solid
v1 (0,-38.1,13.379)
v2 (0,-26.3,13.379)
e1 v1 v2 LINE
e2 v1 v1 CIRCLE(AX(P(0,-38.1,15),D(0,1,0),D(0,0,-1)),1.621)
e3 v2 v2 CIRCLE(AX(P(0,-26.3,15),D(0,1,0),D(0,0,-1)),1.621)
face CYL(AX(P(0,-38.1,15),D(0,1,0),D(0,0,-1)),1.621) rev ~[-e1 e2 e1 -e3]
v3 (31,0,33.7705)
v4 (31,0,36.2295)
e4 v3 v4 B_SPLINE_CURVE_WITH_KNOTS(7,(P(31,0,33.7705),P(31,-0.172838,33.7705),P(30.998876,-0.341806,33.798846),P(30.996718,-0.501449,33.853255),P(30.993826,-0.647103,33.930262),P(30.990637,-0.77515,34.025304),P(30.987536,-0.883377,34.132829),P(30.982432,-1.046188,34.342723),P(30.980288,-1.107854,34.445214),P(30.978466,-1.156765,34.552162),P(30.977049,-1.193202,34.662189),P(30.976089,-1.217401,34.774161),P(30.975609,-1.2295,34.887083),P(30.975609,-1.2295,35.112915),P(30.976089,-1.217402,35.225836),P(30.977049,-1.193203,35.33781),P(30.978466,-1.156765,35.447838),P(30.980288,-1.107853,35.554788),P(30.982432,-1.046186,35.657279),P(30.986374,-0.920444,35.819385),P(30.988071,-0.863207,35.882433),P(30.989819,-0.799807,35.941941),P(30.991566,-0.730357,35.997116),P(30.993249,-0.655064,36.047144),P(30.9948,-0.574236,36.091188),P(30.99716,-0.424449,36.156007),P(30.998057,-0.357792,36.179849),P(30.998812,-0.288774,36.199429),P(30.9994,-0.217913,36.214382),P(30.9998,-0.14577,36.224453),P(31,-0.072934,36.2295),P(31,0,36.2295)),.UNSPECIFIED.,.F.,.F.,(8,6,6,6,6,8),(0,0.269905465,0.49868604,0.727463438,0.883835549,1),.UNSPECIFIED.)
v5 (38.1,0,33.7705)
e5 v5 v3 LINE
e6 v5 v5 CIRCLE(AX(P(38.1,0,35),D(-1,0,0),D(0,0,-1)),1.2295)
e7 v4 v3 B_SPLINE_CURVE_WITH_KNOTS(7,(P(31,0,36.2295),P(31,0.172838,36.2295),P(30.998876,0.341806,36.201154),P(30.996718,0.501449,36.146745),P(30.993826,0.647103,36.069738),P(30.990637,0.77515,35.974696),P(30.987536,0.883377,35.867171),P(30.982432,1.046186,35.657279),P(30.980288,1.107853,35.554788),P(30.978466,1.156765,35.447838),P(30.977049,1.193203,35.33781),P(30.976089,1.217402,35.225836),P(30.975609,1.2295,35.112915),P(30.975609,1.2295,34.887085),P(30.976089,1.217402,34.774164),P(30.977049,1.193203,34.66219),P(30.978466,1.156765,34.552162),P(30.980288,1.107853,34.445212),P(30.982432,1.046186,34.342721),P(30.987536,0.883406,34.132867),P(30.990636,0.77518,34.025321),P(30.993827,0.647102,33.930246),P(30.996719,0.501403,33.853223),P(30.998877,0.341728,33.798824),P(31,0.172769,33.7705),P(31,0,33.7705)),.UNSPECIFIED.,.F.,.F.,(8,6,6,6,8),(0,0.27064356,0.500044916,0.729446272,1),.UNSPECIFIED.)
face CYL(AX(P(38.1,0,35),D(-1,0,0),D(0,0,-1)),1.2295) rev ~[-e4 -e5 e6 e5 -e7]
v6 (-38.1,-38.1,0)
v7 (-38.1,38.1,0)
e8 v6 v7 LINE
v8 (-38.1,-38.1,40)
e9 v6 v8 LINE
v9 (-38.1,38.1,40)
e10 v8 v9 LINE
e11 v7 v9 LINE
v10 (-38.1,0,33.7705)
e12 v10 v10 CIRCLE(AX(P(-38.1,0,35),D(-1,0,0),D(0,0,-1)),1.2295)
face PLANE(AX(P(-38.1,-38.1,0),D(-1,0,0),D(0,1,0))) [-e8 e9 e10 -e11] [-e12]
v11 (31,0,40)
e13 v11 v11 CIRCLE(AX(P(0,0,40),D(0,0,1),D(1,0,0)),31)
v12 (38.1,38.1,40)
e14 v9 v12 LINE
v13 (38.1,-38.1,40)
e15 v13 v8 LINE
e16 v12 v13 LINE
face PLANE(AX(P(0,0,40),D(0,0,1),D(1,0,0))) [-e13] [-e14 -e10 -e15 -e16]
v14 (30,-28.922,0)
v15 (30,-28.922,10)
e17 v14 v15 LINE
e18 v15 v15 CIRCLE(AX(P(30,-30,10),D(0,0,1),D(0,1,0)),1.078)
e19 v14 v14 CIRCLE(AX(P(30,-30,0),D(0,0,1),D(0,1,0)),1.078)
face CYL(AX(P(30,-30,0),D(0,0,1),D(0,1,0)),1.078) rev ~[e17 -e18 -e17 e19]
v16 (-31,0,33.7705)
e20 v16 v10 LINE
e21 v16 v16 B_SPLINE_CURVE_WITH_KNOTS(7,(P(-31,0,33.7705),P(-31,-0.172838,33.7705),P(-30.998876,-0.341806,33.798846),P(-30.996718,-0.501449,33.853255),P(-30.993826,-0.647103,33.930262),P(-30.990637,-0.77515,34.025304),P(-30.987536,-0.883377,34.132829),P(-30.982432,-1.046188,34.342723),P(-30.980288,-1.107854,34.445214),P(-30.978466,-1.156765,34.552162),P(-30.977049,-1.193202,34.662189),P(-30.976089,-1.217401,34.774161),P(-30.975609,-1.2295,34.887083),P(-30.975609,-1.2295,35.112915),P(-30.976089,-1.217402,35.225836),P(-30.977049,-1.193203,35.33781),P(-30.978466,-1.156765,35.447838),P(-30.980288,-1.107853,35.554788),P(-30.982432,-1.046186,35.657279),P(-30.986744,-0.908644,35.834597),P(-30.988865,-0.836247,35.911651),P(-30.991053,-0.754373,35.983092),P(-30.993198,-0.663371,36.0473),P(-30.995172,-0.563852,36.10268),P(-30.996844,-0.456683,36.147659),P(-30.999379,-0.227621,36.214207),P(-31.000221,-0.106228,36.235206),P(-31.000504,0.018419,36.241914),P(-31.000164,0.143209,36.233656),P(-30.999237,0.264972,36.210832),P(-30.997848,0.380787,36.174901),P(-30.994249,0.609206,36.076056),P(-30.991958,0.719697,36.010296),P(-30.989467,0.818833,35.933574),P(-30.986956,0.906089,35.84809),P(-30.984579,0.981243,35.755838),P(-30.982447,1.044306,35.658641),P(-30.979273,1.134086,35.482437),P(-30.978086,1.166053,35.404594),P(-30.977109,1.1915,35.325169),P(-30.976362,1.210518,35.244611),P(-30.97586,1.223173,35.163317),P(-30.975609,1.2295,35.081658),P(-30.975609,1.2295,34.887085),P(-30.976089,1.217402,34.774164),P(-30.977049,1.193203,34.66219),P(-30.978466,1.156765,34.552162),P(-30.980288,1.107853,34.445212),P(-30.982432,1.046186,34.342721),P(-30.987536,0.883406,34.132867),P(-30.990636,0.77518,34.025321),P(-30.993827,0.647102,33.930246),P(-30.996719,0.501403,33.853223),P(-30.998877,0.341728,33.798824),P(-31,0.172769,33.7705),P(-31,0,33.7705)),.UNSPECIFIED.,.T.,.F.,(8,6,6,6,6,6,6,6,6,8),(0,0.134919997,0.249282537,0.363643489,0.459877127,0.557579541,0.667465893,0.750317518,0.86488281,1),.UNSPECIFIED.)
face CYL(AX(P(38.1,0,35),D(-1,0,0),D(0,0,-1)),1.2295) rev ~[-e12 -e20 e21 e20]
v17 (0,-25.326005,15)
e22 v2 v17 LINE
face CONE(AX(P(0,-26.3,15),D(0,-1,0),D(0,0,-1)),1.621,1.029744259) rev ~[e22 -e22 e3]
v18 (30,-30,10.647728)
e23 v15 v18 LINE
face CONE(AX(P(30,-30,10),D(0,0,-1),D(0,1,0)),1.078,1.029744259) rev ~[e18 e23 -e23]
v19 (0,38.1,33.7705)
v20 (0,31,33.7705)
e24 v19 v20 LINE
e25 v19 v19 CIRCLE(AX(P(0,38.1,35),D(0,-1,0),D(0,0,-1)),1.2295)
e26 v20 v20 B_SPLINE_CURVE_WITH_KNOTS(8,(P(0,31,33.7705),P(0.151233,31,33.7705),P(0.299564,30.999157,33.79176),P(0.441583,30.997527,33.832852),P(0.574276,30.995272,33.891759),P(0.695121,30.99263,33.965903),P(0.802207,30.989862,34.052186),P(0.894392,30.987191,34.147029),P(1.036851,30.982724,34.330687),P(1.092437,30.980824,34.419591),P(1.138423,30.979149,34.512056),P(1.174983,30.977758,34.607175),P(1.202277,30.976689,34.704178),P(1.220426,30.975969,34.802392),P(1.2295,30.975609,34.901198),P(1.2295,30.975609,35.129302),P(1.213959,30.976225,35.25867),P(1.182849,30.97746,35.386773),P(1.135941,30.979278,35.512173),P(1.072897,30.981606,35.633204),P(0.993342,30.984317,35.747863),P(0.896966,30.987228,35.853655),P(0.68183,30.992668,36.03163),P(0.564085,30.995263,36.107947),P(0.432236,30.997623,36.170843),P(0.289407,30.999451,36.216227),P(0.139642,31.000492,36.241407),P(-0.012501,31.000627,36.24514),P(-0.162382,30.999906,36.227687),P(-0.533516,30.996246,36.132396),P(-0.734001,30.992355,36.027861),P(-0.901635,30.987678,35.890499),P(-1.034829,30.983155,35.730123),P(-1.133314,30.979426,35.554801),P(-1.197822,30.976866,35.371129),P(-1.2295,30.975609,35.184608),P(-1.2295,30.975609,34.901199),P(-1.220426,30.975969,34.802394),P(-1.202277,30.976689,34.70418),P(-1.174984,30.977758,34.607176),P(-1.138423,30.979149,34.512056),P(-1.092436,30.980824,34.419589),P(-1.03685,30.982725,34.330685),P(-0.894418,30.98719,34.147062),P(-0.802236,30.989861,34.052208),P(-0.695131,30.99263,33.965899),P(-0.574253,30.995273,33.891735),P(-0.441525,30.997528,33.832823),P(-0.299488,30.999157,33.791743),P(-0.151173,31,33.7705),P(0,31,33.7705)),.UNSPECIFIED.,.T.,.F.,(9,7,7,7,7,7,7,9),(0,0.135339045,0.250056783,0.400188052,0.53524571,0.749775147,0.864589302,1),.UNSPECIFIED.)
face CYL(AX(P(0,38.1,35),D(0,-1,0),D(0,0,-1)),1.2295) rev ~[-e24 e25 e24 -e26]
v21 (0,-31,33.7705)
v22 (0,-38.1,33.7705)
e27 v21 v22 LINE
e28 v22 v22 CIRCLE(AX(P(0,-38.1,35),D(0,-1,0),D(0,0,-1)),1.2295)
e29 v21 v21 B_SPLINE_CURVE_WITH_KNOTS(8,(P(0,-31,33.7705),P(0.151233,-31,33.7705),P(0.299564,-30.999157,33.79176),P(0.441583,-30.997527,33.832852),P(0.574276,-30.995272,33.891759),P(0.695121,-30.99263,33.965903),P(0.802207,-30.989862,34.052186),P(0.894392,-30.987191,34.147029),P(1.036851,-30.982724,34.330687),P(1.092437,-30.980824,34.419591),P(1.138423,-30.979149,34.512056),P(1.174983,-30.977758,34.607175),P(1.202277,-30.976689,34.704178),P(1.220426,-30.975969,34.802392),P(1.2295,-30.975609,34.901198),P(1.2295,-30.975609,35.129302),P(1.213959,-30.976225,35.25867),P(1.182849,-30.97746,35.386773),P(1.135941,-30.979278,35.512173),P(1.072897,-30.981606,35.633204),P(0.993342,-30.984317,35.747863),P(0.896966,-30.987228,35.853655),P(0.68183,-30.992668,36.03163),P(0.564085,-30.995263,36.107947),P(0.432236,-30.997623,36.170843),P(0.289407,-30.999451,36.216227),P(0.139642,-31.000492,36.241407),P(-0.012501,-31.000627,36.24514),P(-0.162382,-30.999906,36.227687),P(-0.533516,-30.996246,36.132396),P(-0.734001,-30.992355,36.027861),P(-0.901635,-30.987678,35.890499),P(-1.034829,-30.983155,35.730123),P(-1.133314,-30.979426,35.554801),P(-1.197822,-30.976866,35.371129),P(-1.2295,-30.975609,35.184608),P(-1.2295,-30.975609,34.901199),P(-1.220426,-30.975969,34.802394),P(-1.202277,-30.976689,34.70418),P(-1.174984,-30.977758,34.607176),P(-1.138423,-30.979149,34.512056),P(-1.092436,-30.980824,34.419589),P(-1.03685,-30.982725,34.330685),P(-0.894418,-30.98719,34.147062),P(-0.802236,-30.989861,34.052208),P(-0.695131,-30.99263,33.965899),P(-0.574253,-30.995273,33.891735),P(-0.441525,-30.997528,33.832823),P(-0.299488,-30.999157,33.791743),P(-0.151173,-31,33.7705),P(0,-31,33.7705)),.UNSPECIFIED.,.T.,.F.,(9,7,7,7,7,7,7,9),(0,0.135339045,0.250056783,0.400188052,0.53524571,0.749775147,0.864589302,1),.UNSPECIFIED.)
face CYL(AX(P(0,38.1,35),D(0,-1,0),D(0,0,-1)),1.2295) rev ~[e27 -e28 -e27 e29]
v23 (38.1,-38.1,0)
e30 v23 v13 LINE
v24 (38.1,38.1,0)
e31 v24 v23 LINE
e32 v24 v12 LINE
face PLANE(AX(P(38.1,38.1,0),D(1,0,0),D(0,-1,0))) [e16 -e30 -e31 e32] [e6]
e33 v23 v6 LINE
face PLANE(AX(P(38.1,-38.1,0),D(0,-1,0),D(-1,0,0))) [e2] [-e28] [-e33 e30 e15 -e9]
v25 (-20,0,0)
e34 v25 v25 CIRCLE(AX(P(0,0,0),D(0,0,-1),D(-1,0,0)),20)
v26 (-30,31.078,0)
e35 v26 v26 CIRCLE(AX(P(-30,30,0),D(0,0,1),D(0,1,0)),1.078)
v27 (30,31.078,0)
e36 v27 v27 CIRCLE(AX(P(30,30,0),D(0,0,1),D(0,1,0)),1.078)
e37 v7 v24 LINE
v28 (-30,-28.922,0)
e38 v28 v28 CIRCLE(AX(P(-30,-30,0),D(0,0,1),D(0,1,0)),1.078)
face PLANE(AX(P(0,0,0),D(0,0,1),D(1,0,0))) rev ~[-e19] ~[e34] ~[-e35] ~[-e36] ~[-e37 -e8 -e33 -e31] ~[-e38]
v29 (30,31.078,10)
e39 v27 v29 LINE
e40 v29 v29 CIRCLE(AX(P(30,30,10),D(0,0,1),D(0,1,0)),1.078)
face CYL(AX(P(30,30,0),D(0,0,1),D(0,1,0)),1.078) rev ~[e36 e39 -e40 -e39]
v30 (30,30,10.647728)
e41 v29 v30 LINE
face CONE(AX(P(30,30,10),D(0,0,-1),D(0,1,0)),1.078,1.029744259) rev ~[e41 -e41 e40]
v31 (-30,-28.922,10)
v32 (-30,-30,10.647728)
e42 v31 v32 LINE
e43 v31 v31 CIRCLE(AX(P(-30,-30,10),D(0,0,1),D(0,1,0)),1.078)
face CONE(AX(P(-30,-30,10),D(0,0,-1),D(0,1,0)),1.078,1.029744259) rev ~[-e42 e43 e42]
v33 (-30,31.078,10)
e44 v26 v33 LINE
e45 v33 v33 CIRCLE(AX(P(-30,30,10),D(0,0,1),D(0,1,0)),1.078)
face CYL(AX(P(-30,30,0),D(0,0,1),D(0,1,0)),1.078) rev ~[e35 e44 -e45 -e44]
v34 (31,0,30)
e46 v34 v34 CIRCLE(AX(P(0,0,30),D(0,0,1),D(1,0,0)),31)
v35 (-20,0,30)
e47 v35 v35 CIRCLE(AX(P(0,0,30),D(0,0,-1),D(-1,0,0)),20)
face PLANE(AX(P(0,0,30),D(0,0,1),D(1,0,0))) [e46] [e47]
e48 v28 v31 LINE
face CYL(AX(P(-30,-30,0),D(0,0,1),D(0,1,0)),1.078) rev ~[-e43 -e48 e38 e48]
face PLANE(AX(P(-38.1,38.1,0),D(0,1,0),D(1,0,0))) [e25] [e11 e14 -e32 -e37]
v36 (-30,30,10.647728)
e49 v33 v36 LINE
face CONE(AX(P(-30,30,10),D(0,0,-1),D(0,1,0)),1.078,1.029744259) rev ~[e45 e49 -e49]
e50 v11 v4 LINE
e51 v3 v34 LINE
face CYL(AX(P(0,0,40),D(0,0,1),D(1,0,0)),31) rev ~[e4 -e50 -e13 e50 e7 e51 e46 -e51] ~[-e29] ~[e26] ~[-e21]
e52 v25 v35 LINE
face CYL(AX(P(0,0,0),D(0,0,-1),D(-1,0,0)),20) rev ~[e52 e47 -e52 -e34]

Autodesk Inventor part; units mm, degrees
ref_plane "YZ Plane" through (0, 0, 0) normal (1, 0, 0) x (0, 1, 0)
ref_plane "XZ Plane" through (0, 0, 0) normal (0, 1, 0) x (-1, 0, 0)
ref_plane "XY Plane" through (0, 0, 0) normal (0, 0, 1) x (1, 0, 0)
sketch "Sketch1" plane through (0, 0, 0) normal (0, 0, 1) x (1, 0, 0)
  line L0 (-38.1, 38.1) -> (38.1, 38.1)
  line L1 (38.1, 38.1) -> (38.1, -38.1)
  line L2 (38.1, -38.1) -> (-38.1, -38.1)
  line L3 (-38.1, -38.1) -> (-38.1, 38.1)
  point P0 (0, 0)
  dimension "d0" = 76.2
  dimension "d1" = 76.2
  dimension "d2" = 38.1
  dimension "d3" = 38.1
extrude "baseExtrusion" add sketch "Sketch1" along normal blind 40
sketch "Sketch2" plane through (0, 0, 40) normal (0, 0, 1) x (1, 0, 0)
  circle A0 centre (0, 0) radius 31
  dimension "d6" = 62
extrude "tlExtrusion" cut sketch "Sketch2" against normal blind 10
sketch "Sketch3" plane through (0, 0, 0) normal (0, 0, -1) x (-1, 0, 0)
  circle A0 centre (0, 0) radius 20
  dimension "d9" = 40
extrude "lightPathExtrusion" cut sketch "Sketch3" against normal through all
sketch "Sketch4" plane through (38.1, -38.1, 0) normal (1, 0, 0) x (0, 0, -1)
  line L0 (0, 76.2) -> (0, 0) projected
  line L1 (-40, 0) -> (-40, 76.2) projected
  point P0 (0, 38.1)
  point P1 (-35, 38.1)
  point P2 (0, 38.1)
  dimension "d12" = 5
hole "tubeLensGrubScrew1" at (38.1, 0, 35) direction (-1, 0, 0) diameter 2.459 end through all thread size "M3x0.5" class "6H" standard "ISO Metric profile"
pattern_circular "tubeLensGrubScrew2" count 2 over 90 about axis through (0, 0, -10) along (0, 0, 1) of "tubeLensGrubScrew1"
sketch "Sketch5" plane through (0, 0, 0) normal (0, 0, -1) x (-1, 0, 0)
  point P0 (0, 0)
  point P1 (-30, -30)
  point P2 (-30, 30)
  point P3 (30, -30)
  point P4 (30, 30)
  dimension "d23" = 60
  dimension "d24" = 60
  dimension "d25" = 30
  dimension "d26" = 30
hole "60mmCageSystem" at (30, -30, 0) at (30, 30, 0) at (-30, -30, 0) at (-30, 30, 0) direction (0, 0, 1) diameter 2.156 depth 10 tip angle 118 thread size "4-40 UNC" class "2B" standard "ANSI Unified Screw Threads"
sketch "Sketch6" plane through (-38.1, -38.1, 0) normal (0, -1, 0) x (1, 0, 0)
  line L0 (76.2, 0) -> (0, 0) projected
  point P0 (38.1, 0)
  point P1 (38.1, 15)
  point P2 (38.1, 0)
  dimension "d34" = 15
hole "m6MountingHole" at (0, -38.1, 15) direction (0, 1, 0) diameter 3.242 depth 11.8 tip angle 118 thread size "M4x0.7" class "6H" standard "ISO Metric profile"
equation "\"d2\" = 0.5 * d1"
equation "\"d3\" = 0.5 * d0"
equation "\"d25\" = 0.5 * d23"
equation "\"d26\" = 0.5 * d24"
properties part number "tubeLensHolder_v5"
